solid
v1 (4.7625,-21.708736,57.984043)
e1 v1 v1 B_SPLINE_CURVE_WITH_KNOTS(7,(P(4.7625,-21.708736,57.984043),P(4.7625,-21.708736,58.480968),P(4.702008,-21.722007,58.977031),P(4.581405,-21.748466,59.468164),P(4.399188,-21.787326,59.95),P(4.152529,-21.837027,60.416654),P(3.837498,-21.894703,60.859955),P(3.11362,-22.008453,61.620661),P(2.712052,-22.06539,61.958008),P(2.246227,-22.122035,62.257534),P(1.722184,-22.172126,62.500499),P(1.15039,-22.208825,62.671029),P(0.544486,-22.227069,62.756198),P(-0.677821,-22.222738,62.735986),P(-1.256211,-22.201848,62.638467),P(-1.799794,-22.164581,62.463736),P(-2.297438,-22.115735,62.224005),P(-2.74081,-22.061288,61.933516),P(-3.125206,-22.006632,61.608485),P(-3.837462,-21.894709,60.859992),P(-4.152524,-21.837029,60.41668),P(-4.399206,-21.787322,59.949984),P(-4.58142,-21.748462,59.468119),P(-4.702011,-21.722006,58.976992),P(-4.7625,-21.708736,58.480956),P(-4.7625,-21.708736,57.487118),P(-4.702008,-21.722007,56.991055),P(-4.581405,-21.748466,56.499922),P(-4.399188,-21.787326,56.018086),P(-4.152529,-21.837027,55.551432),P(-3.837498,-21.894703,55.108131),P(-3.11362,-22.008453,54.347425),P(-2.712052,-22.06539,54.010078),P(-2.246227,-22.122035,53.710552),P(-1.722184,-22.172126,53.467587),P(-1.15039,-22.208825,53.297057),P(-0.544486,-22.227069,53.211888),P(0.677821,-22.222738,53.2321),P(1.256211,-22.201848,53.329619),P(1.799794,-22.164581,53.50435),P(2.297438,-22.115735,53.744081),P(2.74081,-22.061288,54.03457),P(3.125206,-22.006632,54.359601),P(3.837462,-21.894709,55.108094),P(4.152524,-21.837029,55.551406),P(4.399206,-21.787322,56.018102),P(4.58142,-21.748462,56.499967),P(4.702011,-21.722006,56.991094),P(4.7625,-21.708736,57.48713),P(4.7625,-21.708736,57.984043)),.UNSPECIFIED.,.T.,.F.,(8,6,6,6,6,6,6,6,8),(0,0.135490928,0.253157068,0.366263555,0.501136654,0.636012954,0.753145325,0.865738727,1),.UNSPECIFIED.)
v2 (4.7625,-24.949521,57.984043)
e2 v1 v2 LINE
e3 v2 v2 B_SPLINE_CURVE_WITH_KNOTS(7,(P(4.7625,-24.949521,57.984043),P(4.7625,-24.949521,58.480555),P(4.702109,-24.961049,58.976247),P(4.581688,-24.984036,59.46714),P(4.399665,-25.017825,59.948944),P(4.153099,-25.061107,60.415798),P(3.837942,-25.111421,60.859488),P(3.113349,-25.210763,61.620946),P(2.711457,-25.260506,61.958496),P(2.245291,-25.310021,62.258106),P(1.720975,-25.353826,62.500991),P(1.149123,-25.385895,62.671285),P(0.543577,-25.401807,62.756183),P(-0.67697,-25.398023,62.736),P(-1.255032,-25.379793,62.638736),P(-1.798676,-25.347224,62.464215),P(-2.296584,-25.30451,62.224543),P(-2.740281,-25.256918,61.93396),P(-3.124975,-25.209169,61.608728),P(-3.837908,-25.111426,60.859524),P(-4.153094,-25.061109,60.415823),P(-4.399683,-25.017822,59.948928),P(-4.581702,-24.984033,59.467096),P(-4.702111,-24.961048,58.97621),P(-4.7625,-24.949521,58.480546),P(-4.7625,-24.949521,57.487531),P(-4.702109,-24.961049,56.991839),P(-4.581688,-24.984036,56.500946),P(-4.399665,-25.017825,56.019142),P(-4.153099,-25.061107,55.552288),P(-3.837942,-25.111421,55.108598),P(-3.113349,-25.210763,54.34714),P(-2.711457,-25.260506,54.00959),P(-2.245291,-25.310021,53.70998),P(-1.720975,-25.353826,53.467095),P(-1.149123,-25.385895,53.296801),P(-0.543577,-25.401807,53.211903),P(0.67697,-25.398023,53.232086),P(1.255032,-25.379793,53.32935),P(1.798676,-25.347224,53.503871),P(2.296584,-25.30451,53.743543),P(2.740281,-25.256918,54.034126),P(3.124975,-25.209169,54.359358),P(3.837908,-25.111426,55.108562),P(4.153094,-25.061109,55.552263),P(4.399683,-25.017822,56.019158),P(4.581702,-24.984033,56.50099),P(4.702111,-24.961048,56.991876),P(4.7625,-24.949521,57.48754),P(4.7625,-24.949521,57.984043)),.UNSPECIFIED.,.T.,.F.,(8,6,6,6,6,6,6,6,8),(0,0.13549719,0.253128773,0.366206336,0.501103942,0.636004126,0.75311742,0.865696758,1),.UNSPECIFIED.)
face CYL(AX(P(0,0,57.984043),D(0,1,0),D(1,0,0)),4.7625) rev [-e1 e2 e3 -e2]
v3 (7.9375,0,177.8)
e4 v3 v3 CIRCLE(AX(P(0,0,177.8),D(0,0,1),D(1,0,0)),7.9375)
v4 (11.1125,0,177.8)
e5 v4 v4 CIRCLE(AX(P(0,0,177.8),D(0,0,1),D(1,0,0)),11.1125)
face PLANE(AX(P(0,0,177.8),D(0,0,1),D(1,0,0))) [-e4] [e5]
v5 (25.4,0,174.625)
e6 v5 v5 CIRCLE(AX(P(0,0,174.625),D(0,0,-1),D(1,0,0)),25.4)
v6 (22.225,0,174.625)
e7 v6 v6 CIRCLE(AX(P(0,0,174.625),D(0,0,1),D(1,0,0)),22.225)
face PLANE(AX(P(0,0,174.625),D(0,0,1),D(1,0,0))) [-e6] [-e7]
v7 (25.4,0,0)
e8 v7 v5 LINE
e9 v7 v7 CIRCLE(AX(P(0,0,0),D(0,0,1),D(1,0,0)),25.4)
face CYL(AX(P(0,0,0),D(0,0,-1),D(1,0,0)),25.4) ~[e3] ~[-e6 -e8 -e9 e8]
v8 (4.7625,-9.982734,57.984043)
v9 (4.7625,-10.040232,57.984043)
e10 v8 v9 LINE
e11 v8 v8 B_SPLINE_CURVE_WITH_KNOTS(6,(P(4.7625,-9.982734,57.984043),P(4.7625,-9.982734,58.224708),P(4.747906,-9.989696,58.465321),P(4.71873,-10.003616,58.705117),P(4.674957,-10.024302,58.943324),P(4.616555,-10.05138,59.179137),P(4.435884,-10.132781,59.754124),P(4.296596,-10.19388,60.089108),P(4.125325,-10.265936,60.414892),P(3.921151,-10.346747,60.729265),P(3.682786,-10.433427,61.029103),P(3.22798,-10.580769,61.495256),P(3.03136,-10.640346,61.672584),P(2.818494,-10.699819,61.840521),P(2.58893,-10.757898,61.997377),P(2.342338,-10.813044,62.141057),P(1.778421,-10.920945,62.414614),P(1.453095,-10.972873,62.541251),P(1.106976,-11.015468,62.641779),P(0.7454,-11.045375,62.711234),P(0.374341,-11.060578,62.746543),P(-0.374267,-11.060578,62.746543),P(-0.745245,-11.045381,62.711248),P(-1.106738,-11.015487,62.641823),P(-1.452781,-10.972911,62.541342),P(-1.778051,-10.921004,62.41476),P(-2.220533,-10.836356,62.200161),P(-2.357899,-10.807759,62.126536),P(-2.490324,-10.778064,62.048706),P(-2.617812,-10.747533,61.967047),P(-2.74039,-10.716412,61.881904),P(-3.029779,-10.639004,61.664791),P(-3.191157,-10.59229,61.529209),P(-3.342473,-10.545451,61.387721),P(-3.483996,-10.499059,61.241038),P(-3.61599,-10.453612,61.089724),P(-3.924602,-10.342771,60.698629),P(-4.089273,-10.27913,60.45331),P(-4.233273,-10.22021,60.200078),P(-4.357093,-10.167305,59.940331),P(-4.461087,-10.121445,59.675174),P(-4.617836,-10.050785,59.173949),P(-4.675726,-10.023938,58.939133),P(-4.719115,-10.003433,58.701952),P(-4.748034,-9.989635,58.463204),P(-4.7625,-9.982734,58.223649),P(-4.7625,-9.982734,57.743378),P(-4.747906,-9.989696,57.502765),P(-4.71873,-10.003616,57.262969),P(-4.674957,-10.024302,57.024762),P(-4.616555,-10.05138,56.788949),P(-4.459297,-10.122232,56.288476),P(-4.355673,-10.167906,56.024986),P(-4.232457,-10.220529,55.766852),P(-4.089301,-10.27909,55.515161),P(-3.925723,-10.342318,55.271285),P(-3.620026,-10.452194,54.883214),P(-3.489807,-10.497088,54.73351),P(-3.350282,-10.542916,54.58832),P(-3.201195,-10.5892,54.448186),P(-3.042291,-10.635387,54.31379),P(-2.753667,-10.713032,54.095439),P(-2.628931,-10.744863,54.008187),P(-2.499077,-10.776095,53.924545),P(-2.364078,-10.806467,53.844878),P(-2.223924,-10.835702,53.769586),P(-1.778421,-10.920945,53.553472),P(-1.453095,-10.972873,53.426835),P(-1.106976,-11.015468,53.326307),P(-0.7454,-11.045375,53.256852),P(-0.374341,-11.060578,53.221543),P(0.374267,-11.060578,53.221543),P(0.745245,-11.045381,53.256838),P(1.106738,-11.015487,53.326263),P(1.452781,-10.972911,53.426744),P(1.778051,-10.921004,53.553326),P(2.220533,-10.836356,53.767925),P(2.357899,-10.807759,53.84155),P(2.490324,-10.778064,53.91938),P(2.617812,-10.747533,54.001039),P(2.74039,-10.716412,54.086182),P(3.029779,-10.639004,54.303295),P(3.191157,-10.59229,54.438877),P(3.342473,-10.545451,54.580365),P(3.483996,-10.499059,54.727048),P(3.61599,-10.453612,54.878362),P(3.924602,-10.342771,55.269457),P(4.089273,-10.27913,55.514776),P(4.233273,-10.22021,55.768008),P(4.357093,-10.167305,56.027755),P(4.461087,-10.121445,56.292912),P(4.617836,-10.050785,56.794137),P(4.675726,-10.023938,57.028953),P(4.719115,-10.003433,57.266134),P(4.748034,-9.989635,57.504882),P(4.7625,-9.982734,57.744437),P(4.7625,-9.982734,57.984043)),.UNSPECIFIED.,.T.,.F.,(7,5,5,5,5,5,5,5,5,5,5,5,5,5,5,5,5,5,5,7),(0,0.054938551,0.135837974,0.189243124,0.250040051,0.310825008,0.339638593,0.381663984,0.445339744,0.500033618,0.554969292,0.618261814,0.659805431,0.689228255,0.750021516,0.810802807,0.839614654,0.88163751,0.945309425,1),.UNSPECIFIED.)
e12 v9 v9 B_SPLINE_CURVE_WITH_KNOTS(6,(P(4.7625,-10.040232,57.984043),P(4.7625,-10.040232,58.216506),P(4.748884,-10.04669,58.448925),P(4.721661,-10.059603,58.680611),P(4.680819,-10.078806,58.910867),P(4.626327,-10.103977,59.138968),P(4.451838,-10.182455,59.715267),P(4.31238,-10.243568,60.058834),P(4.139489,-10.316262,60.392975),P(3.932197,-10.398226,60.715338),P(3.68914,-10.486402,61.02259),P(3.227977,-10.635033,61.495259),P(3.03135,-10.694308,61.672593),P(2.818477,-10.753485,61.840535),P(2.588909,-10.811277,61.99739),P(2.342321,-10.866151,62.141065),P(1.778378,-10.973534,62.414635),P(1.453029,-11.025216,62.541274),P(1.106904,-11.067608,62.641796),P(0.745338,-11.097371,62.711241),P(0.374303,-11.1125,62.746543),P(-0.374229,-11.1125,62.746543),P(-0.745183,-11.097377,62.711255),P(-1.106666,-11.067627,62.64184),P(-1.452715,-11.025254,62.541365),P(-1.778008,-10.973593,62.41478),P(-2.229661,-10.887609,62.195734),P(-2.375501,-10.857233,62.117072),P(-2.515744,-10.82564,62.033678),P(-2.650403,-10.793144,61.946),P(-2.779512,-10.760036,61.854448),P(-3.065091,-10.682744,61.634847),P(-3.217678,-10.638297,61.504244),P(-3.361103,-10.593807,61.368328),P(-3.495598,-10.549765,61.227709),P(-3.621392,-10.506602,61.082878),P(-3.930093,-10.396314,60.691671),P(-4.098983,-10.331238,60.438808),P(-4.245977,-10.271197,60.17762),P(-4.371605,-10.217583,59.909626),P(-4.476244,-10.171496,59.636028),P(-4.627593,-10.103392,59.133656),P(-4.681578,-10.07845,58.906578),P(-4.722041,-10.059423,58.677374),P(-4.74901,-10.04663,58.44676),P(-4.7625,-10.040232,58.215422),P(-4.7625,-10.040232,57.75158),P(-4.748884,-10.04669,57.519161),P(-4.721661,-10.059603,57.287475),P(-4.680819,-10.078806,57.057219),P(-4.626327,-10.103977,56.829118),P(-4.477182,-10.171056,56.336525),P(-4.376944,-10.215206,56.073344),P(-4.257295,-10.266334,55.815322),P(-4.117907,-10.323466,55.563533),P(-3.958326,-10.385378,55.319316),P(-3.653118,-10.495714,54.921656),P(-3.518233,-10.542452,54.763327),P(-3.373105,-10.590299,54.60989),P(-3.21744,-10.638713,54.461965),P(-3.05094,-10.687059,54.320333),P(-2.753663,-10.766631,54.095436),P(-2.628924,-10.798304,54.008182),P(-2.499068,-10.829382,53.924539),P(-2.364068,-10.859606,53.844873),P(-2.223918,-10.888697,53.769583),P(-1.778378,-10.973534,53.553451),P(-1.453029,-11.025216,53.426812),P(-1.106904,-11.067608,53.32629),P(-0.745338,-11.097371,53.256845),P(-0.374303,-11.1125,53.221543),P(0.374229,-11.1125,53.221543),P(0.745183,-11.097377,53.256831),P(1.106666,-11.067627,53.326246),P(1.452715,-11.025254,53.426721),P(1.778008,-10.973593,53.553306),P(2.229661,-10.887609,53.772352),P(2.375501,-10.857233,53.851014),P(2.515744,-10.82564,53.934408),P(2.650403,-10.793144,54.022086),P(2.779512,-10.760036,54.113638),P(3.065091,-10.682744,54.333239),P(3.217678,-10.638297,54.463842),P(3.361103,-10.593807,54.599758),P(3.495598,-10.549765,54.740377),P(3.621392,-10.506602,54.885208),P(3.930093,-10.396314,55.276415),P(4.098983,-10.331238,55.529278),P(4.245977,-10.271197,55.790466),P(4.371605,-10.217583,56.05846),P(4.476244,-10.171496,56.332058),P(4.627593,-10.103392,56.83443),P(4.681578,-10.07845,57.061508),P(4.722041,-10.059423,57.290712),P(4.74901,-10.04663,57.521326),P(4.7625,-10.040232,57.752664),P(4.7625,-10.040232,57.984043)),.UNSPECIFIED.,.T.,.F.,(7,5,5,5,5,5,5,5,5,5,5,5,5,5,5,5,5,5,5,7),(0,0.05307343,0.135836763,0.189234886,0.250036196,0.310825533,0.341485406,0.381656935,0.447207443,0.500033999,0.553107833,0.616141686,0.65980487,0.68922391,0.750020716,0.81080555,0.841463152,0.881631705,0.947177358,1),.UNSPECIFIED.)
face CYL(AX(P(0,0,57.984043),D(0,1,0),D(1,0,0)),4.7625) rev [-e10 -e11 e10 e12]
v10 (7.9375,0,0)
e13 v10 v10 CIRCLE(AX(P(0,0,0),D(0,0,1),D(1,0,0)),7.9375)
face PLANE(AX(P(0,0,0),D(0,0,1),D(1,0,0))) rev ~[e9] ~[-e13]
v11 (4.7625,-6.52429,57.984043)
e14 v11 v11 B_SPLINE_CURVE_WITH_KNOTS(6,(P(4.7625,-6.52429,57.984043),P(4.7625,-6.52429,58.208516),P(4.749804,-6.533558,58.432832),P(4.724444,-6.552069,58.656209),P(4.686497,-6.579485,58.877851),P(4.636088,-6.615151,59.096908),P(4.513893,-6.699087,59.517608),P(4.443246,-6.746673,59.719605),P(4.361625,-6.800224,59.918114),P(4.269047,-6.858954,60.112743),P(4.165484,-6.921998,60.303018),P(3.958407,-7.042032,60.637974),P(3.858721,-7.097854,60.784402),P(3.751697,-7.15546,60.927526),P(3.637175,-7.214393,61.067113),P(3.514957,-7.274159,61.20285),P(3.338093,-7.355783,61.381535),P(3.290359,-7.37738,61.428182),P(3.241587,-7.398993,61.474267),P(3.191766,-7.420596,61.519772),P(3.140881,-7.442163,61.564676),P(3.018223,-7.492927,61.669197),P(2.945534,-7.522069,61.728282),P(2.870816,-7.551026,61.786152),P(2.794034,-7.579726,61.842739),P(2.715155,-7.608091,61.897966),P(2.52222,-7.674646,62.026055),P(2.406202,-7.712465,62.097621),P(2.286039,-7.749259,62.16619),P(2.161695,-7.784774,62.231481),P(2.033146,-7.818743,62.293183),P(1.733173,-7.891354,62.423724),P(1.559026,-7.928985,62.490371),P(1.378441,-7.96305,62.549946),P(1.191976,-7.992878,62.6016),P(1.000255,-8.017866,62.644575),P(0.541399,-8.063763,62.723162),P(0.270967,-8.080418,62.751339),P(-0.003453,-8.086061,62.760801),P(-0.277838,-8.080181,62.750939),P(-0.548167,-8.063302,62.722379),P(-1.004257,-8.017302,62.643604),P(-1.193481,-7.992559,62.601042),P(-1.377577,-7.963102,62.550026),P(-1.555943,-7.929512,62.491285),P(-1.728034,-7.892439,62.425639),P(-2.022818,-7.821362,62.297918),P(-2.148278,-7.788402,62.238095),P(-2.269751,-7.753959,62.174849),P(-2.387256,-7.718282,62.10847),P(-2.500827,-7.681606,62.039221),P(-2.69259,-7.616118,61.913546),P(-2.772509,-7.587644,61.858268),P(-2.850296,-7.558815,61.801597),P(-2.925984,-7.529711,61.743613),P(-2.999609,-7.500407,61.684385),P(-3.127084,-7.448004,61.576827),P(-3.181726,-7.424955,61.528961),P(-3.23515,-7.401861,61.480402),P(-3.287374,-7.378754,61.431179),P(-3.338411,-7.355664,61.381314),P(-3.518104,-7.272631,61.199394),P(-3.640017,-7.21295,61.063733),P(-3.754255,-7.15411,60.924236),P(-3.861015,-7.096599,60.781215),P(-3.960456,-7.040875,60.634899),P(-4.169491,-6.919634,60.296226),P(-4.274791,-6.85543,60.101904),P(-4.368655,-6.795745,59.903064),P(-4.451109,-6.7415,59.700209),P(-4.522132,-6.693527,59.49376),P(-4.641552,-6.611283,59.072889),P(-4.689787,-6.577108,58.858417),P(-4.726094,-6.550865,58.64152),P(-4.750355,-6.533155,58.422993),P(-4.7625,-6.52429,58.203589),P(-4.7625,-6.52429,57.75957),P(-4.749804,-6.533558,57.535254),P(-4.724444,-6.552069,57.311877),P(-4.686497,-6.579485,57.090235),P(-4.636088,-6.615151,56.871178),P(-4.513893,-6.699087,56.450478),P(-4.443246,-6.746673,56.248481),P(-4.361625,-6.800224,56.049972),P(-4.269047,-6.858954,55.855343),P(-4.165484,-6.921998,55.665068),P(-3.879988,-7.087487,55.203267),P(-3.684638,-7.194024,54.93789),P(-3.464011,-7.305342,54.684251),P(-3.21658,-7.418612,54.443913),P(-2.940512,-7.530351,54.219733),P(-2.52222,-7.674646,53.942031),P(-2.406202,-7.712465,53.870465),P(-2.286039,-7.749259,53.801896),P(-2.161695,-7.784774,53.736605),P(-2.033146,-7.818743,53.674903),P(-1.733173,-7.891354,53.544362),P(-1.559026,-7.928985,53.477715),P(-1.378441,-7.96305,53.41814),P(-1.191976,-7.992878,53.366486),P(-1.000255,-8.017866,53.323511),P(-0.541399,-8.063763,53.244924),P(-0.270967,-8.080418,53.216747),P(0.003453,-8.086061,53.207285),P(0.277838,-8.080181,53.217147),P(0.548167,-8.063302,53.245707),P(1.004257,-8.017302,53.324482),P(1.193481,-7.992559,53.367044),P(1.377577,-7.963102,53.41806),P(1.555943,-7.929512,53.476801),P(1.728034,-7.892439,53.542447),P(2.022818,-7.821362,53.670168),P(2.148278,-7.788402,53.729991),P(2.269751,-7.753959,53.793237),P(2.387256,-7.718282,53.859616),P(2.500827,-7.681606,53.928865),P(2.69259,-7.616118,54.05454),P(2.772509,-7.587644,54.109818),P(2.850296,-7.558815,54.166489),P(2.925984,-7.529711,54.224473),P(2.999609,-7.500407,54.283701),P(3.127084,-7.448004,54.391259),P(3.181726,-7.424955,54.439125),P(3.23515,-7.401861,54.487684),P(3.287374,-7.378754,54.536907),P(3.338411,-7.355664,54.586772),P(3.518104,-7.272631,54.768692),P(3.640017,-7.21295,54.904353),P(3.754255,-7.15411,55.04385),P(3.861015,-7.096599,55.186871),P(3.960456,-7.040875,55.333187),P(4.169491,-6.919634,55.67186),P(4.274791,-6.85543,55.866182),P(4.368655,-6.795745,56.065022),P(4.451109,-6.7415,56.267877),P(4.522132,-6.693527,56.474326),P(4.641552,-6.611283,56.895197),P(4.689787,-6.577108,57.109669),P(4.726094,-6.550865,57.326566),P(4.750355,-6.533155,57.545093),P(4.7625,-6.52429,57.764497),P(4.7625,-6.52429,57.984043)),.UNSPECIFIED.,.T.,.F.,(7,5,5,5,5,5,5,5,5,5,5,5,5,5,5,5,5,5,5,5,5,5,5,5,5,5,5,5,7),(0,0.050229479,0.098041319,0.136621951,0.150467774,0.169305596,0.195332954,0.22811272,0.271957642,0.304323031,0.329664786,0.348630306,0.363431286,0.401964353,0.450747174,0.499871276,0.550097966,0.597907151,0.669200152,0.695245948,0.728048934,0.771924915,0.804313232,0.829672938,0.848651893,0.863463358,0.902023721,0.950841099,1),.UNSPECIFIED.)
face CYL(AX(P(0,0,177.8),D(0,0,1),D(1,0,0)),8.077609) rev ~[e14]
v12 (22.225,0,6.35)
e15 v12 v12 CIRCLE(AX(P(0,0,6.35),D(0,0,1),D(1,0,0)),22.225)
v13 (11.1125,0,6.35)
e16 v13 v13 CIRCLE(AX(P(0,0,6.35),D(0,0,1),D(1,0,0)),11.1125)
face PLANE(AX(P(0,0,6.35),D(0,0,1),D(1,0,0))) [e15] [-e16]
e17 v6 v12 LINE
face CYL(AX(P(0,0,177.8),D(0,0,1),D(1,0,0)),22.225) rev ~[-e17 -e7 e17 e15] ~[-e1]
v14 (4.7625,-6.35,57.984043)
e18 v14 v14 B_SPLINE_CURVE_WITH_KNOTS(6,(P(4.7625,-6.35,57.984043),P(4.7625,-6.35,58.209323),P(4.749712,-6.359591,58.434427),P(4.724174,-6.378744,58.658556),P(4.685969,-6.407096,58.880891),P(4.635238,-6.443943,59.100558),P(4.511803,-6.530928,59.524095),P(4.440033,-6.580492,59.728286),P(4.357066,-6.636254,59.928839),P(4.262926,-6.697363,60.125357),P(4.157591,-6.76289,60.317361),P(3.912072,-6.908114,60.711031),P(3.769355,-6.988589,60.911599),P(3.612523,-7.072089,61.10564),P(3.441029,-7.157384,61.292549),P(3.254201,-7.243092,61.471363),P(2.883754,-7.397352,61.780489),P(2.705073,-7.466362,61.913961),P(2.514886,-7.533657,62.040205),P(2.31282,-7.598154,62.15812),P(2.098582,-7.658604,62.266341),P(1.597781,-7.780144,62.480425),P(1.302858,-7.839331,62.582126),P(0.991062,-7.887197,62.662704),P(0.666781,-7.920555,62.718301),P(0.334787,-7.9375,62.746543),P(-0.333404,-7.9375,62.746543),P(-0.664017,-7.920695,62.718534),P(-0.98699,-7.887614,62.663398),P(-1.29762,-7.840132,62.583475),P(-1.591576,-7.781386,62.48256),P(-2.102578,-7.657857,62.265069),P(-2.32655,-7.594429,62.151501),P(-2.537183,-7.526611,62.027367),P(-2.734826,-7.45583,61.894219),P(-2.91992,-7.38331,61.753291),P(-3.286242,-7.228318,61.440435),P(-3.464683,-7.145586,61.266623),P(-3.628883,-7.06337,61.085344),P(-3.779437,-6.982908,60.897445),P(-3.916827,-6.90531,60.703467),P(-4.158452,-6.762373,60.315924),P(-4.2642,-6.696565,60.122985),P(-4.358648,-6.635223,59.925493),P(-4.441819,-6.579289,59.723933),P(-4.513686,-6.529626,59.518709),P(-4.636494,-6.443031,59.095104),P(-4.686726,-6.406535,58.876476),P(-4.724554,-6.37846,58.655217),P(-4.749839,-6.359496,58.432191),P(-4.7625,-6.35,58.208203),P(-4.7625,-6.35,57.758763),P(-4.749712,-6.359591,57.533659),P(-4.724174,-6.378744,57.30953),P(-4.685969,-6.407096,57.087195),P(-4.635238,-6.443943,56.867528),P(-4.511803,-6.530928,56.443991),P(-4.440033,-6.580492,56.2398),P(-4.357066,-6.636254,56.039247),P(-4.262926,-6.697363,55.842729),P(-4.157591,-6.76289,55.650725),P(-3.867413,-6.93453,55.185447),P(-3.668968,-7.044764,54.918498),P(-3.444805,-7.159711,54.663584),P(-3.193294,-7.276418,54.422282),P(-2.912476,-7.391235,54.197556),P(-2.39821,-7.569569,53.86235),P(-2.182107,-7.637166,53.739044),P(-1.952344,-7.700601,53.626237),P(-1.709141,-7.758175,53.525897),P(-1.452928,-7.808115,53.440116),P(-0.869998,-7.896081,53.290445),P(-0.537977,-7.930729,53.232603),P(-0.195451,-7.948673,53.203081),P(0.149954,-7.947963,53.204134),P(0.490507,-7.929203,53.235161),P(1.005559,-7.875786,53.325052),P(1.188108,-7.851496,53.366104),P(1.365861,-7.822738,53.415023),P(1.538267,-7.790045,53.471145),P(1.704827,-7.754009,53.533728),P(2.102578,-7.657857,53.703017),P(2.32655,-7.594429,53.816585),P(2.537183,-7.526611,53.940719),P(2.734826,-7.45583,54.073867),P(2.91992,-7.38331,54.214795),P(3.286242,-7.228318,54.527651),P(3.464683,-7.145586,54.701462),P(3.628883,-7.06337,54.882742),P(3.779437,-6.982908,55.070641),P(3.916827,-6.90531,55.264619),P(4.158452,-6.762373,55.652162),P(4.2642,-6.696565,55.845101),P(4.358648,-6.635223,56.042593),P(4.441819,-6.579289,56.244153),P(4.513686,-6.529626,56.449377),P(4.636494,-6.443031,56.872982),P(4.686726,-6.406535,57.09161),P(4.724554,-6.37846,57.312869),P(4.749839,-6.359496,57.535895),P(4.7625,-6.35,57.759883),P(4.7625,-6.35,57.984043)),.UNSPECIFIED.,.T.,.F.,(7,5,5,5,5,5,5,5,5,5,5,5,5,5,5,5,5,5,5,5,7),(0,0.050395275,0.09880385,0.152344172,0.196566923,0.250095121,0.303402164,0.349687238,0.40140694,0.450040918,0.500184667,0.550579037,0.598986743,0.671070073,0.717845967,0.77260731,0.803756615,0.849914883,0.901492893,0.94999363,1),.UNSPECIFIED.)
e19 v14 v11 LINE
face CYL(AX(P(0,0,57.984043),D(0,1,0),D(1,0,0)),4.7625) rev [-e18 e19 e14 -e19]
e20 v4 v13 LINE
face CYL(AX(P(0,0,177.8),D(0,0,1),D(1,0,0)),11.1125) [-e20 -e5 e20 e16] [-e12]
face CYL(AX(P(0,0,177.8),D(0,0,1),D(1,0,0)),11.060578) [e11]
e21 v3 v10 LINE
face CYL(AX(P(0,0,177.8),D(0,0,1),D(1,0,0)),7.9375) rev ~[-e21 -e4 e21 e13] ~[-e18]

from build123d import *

# Parameters (mm, degrees)
F0_R      = 25.4
F1_DEPTH  = 177.8
F2_R      = 7.9375
F3_DEPTH  = 240.792
F4_R      = 22.225
F4_R_2    = 11.1125
F5_DEPTH  = 171.45
F6_R      = 28.604264
F6_R_2    = 14.624006
F7_DEPTH  = 3.175
F8_R      = 4.7625
F9_DEPTH  = 34.544
F10_R     = 11.060578
F10_R_2   = 8.077609
F11_DEPTH = 130.556


with BuildPart() as f1:
    # F0 (on Top) → F1 (new body)
    with BuildSketch(Plane.XY):
        Circle(F0_R)
    extrude(amount=F1_DEPTH)

    # F2 (on face) → F3 (cut)
    with BuildSketch(Plane.XY.offset(177.8)):
        Circle(F2_R)
    extrude(amount=-F3_DEPTH, mode=Mode.SUBTRACT)

    # F4 (on face) → F5 (cut)
    with BuildSketch(Plane.XY.offset(177.8)):
        Circle(F4_R)
        Circle(F4_R_2, mode=Mode.SUBTRACT)
    extrude(amount=-F5_DEPTH, mode=Mode.SUBTRACT)

    # F6 (on face) → F7 (cut)
    with BuildSketch(Plane.XY.offset(177.8)):
        Circle(F6_R)
        Circle(F6_R_2, mode=Mode.SUBTRACT)
    extrude(amount=-F7_DEPTH, mode=Mode.SUBTRACT)

    # F8 (on Front) → F9 (cut)
    with BuildSketch(Plane.XZ):
        with Locations((0, 57.984043)):
            Circle(F8_R)
    extrude(amount=F9_DEPTH, mode=Mode.SUBTRACT)

    # F10 (on face) → F11 (join)
    with BuildSketch(Plane.XY.offset(177.8)):
        Circle(F10_R)
        Circle(F10_R_2, mode=Mode.SUBTRACT)
    extrude(amount=-F11_DEPTH)


solid = f1.part
